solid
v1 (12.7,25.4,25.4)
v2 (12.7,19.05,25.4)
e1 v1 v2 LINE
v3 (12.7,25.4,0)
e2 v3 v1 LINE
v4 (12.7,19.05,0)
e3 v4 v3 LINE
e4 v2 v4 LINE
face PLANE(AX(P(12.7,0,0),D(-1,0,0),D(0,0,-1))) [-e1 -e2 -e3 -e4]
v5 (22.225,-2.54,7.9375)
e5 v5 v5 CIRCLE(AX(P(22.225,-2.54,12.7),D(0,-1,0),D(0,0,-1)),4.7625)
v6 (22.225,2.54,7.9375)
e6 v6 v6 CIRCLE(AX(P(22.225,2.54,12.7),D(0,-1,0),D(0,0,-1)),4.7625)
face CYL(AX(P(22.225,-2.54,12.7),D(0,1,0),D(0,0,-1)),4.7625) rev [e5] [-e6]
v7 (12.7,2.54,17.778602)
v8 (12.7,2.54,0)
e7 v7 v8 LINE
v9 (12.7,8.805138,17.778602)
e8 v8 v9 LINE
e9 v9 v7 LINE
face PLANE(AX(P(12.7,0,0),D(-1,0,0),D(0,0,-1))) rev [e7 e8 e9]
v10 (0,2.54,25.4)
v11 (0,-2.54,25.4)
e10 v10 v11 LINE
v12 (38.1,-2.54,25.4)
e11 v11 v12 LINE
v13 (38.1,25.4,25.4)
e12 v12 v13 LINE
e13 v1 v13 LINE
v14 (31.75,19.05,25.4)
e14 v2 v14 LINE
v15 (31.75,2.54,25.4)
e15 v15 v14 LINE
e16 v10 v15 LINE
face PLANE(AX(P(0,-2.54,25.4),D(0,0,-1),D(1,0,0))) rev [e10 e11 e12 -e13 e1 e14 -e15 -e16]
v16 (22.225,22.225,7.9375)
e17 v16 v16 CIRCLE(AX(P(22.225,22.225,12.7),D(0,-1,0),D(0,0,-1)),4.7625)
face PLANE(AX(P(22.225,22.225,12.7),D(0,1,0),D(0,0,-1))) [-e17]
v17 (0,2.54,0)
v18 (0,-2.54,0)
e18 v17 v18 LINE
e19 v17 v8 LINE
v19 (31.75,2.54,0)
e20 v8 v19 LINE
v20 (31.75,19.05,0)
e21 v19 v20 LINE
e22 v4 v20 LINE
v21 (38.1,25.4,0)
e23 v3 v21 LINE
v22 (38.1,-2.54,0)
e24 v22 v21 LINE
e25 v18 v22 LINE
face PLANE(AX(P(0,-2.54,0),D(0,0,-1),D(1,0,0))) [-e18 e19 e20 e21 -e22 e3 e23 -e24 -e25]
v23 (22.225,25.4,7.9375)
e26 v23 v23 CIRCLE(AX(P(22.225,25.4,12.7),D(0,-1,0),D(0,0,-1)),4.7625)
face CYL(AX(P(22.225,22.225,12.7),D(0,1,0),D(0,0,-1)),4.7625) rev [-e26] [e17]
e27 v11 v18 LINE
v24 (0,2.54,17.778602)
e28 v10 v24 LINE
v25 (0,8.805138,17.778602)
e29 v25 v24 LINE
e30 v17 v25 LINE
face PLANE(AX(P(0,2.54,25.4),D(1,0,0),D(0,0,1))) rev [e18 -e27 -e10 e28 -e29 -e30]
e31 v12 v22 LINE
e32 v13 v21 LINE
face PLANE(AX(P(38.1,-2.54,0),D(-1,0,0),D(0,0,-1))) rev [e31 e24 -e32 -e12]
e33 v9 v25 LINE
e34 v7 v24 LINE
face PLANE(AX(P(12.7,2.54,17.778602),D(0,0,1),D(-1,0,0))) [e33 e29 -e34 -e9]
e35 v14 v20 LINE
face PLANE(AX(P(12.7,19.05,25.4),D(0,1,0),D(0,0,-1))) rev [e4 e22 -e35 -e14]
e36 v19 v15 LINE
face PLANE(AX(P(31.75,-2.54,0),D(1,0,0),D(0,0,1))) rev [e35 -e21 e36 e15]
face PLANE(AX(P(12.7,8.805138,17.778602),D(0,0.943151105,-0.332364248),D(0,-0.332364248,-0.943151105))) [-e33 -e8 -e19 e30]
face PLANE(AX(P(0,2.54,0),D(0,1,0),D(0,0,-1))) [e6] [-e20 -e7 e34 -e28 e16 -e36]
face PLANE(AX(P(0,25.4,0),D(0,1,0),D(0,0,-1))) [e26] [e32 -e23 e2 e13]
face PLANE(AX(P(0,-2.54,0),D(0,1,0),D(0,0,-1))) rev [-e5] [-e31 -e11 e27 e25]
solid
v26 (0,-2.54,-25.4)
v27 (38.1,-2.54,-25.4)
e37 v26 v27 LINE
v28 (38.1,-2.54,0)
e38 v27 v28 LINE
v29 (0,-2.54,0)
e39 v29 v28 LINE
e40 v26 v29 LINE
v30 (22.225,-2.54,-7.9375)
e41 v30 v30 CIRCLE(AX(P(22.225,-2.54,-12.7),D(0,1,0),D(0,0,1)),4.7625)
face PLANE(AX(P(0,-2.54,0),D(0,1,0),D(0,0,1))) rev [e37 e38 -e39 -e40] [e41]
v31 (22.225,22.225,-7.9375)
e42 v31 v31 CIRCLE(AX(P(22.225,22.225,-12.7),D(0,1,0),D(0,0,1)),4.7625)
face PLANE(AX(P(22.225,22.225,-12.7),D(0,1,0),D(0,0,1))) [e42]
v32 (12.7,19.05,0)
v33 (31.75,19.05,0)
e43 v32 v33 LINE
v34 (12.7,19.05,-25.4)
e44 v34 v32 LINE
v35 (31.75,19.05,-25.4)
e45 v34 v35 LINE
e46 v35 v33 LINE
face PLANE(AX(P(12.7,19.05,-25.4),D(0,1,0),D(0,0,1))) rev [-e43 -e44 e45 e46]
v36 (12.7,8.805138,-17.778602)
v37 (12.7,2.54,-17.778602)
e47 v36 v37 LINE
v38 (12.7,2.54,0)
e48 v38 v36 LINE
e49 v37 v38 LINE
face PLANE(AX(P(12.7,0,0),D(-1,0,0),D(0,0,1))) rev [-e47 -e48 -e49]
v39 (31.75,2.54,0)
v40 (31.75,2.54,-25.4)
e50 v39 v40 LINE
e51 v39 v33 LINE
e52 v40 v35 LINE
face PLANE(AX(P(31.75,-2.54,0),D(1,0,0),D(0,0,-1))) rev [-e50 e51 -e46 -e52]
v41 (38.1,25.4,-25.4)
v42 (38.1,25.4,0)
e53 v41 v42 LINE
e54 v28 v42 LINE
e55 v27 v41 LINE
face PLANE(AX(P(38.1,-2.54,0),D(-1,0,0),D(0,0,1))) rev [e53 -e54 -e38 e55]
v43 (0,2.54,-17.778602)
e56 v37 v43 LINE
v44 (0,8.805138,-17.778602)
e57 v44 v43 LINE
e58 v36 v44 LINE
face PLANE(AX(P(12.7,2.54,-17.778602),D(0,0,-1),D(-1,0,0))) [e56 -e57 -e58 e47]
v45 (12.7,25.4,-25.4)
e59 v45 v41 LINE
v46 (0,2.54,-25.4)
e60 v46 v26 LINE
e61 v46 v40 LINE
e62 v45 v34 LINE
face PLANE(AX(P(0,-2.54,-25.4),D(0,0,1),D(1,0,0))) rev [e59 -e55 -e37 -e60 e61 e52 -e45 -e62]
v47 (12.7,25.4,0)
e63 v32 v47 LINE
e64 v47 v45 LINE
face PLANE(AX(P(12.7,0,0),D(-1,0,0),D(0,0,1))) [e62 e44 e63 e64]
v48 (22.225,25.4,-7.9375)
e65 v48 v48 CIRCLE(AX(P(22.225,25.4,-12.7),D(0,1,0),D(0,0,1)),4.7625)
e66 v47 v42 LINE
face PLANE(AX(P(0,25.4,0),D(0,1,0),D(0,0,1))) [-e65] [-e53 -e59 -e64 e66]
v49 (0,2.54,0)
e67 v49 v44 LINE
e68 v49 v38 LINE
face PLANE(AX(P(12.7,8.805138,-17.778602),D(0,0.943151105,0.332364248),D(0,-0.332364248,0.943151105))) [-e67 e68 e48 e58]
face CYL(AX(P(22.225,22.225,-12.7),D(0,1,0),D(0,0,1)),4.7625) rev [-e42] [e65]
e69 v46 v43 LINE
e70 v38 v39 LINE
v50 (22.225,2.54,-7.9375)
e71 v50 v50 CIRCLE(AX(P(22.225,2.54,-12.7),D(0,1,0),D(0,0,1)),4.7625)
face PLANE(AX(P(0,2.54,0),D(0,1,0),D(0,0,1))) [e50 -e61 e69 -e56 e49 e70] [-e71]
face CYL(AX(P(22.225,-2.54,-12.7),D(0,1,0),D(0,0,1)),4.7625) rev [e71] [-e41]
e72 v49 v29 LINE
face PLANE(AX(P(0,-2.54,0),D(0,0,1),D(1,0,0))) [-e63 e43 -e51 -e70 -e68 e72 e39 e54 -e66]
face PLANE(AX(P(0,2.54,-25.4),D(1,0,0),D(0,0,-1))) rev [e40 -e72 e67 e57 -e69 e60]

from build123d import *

# Parameters (mm, degrees)
BOSS_EXTRUDE1_DEPTH      = 2.54
BOSS_EXTRUDE1_DEPTH_BACK = 2.54
SKETCH1_W                = 31.75
SKETCH1_H                = 25.4
SKETCH1_R                = 4.7625
SKETCH1_3_W              = 12.7
SKETCH1_3_H              = 17.655412268
BOSS_EXTRUDE2_DEPTH      = 2.54
BOSS_EXTRUDE3_DEPTH      = 25.4
BOSS_EXTRUDE3_DEPTH_BACK = 2.54
SKETCH1_4_W              = 6.35
SKETCH1_4_H              = 25.4
SKETCH2_W                = 25.4
SKETCH2_H                = 6.35
BOSS_EXTRUDE4_DEPTH      = 19.05
CUT_EXTRUDE1_START       = -3.175
SKETCH4_R                = 4.7625
CUT_EXTRUDE1_DEPTH       = 3.175
BOSS_EXTRUDE5_DEPTH      = 12.7


with BuildPart() as part:
    # Sketch1 → Boss-Extrude1 (new, two sides: drawn at the far end of the back side and taken through both)
    with BuildSketch(Plane(origin=(0, 0, 0), x_dir=(1, 0, 0), z_dir=(0, 1, 0)).offset(-BOSS_EXTRUDE1_DEPTH_BACK)):
        with Locations((15.875, 12.7)):
            Rectangle(SKETCH1_W, SKETCH1_H)
        with Locations((22.225, 12.7)):
            Circle(SKETCH1_R, mode=Mode.SUBTRACT)
    extrude(amount=BOSS_EXTRUDE1_DEPTH + BOSS_EXTRUDE1_DEPTH_BACK)

    # Sketch1<3> → Boss-Extrude2 (add)
    with BuildSketch(Plane(origin=(0, 0, 0), x_dir=(1, 0, 0), z_dir=(0, 1, 0))):
        with Locations((6.35, 8.827706134)):
            Rectangle(SKETCH1_3_W, SKETCH1_3_H)
    extrude(amount=BOSS_EXTRUDE2_DEPTH)

    # Sketch1<4> → Boss-Extrude3 (add, two sides: drawn at the far end of the back side and taken through both)
    with BuildSketch(Plane(origin=(0, 0, 0), x_dir=(1, 0, 0), z_dir=(0, 1, 0)).offset(-BOSS_EXTRUDE3_DEPTH_BACK)):
        with Locations((34.925, 12.7)):
            Rectangle(SKETCH1_4_W, SKETCH1_4_H)
    extrude(amount=BOSS_EXTRUDE3_DEPTH + BOSS_EXTRUDE3_DEPTH_BACK)

    # Sketch2 → Boss-Extrude4 (add)
    with BuildSketch(Plane.ZY.offset(-31.75)):
        with Locations((-12.7, 22.225)):
            Rectangle(SKETCH2_W, SKETCH2_H)
    extrude(amount=BOSS_EXTRUDE4_DEPTH)

    # Sketch4 → Cut-Extrude1 (cut)
    with BuildSketch(Plane(origin=(0, 25.4, 0), x_dir=(1, 0, 0), z_dir=(0, 1, 0)).offset(CUT_EXTRUDE1_START)):
        with Locations((22.225, 12.7)):
            Circle(SKETCH4_R)
    extrude(amount=CUT_EXTRUDE1_DEPTH, mode=Mode.SUBTRACT)

    # Sketch16 → Boss-Extrude5 (add)
    with BuildSketch(Plane.ZY):
        Polygon((-17.778601637, 2.54), (-17.778601637, 8.805137728), (0, 2.54), align=None)
    extrude(amount=-BOSS_EXTRUDE5_DEPTH)


with BuildPart() as body_2:
    # Mirror3: mirrored copy
    add(part.part.mirror(Plane(origin=(0, -2.54, 0), x_dir=(1, 0, 0), z_dir=(0, 0, 1))))


solid = Compound([part.part, body_2.part])
